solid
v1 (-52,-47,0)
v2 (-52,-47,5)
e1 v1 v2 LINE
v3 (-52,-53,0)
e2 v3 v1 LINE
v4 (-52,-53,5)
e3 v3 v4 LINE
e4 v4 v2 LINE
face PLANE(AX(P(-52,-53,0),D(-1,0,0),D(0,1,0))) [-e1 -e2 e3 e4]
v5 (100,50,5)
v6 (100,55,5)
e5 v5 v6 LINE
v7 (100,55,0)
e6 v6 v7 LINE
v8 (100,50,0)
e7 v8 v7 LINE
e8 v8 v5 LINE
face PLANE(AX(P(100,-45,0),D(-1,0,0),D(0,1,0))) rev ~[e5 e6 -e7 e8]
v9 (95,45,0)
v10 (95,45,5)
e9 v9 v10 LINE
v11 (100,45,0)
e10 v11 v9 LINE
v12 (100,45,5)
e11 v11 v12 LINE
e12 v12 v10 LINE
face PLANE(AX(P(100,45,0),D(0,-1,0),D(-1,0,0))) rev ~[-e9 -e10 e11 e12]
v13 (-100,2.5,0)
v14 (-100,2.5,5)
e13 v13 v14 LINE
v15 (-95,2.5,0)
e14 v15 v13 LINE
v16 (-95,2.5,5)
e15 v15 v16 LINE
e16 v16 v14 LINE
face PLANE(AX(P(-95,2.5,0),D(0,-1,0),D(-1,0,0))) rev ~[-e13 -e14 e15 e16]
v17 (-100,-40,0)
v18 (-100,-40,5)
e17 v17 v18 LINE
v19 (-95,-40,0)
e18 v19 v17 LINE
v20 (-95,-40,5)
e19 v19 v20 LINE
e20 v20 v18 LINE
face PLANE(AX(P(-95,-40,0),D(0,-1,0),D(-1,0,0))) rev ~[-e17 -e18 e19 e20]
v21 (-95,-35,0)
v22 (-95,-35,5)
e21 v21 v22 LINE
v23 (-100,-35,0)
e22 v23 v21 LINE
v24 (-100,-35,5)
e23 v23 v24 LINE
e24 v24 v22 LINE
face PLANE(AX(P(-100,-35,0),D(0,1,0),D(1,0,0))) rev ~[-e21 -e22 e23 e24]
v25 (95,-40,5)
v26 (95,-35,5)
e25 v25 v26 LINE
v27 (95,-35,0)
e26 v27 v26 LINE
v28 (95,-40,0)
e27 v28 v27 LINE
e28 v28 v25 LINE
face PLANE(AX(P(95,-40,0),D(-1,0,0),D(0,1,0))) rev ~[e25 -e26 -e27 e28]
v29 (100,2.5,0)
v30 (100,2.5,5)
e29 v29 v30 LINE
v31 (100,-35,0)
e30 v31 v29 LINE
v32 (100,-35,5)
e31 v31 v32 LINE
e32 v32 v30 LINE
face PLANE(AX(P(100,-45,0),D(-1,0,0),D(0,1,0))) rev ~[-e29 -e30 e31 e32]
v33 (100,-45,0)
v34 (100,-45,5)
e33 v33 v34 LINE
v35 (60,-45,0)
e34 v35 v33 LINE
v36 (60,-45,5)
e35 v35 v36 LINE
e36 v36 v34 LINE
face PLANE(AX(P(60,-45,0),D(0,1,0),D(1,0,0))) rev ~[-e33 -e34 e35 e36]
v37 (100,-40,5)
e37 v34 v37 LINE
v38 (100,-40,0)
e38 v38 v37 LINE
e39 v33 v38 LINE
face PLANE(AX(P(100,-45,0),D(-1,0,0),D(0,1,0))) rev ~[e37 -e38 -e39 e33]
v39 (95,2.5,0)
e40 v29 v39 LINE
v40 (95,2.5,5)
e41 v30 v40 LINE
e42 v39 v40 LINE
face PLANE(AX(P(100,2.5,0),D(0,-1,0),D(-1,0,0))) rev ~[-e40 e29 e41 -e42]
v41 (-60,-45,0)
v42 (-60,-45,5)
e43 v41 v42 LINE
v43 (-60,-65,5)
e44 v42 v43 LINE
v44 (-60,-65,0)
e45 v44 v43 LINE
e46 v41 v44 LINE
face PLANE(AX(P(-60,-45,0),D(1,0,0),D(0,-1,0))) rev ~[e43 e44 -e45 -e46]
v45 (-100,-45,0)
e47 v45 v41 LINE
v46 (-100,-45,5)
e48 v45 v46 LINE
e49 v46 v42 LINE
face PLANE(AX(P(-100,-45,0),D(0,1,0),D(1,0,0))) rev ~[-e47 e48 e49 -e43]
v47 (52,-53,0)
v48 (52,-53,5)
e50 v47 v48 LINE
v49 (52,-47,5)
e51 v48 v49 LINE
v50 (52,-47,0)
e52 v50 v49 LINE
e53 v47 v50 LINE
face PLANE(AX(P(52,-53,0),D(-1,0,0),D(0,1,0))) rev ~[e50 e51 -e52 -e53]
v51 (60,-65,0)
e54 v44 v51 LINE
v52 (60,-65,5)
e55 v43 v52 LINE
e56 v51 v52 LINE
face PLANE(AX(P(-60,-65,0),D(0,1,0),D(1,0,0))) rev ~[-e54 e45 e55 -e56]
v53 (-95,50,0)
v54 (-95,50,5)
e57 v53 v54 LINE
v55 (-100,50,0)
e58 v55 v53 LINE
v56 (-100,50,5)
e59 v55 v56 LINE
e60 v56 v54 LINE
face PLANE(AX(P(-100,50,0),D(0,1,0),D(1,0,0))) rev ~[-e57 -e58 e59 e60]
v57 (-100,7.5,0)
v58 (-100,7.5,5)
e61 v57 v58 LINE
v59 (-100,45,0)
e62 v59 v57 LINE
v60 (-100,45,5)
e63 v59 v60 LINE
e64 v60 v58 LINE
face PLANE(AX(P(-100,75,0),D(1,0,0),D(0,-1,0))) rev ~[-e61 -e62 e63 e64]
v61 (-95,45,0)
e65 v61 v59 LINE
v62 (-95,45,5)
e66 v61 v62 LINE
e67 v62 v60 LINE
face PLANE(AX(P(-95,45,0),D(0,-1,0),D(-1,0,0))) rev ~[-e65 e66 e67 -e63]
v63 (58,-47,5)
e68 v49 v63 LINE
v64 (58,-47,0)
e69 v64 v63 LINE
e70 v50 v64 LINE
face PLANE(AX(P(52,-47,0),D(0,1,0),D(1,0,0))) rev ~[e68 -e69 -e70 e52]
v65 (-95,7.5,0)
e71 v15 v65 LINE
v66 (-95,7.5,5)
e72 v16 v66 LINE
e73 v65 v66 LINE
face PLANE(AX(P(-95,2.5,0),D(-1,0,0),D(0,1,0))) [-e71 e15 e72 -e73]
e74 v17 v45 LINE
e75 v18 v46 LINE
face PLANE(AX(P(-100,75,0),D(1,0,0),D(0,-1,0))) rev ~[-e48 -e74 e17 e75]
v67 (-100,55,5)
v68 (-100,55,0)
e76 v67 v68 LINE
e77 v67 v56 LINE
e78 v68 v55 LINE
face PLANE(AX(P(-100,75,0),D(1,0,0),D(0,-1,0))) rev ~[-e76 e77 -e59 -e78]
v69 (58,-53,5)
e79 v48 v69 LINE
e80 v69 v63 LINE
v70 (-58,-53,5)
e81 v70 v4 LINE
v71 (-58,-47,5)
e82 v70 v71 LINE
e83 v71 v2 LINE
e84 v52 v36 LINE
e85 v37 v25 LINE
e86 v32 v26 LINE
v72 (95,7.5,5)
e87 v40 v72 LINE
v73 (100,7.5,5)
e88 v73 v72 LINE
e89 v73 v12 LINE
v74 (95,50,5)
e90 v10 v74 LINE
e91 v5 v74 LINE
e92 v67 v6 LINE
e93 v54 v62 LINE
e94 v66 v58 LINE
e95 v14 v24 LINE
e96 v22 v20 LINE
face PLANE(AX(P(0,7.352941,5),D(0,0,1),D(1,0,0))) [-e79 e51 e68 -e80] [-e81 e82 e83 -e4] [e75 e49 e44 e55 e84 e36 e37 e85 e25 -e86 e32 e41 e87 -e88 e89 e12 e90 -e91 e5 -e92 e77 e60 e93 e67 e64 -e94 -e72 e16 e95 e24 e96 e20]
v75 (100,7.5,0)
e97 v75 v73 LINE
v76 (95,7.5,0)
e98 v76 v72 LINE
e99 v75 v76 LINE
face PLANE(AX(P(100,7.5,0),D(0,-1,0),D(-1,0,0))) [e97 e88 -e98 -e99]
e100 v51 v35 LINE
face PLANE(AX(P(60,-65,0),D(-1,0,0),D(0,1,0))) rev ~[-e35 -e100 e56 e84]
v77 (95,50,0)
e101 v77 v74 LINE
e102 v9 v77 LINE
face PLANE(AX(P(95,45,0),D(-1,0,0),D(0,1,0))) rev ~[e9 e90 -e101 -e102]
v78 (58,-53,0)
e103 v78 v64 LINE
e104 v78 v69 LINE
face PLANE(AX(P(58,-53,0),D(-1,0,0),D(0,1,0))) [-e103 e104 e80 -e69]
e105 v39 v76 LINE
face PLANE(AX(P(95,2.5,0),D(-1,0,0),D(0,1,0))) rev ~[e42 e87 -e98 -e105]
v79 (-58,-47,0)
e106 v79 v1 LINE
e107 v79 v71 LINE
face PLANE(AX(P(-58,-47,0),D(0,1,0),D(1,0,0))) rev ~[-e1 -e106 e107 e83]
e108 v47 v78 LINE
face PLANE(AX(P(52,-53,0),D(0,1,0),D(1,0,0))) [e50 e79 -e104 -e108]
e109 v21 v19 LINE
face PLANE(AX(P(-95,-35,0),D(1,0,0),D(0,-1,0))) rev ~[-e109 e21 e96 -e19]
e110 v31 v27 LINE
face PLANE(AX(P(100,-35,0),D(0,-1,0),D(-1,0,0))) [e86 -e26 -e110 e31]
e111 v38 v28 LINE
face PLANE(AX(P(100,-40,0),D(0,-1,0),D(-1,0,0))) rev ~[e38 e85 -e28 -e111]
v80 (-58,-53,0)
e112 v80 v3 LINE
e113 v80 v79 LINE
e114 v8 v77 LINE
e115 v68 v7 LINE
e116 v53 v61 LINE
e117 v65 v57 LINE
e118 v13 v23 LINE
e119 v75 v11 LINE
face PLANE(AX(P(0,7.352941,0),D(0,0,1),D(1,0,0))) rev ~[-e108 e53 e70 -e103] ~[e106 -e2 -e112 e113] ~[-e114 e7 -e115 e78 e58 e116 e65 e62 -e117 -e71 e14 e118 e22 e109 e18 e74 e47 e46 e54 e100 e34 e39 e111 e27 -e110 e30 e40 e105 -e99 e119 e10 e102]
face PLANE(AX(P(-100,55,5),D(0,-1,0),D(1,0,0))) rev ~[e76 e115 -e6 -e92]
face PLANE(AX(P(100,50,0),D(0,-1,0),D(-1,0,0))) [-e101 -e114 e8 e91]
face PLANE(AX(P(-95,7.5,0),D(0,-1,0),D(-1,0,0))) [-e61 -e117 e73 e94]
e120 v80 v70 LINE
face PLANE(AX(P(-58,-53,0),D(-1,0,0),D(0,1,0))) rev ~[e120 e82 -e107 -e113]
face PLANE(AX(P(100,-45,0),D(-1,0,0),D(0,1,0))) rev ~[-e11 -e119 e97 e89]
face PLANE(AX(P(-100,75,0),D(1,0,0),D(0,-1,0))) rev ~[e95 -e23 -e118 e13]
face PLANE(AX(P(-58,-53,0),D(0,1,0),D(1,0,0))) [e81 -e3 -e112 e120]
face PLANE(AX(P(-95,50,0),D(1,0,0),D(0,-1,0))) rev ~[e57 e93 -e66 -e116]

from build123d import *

# Parameters (mm, degrees)
SKETCH2_W           = 6
SKETCH2_H           = 6
BOSS_EXTRUDE1_DEPTH = 5
SKETCH3_W           = 200
SKETCH3_H           = 20
CUT_EXTRUDE1_DEPTH  = 5
SKETCH4_W           = 5
SKETCH4_H           = 5
CUT_EXTRUDE2_DEPTH  = 5


with BuildPart() as part:
    # Sketch2 → Boss-Extrude1 (new body)
    with BuildSketch(Plane.XY):
        Polygon((-100, 75), (-100, -45), (-60, -45), (-60, -65), (0, -65), (60, -65), (60, -45), (100, -45), (100, 75), align=None)
        with Locations((-55, -50)):
            Rectangle(SKETCH2_W, SKETCH2_H, mode=Mode.SUBTRACT)
        with Locations((55, -50)):
            Rectangle(SKETCH2_W, SKETCH2_H, mode=Mode.SUBTRACT)
    extrude(amount=BOSS_EXTRUDE1_DEPTH)

    # Sketch3 → Cut-Extrude1 (cut)
    with BuildSketch(Plane.XY.offset(5)):
        with Locations((0, 65)):
            Rectangle(SKETCH3_W, SKETCH3_H)
    extrude(amount=-CUT_EXTRUDE1_DEPTH, mode=Mode.SUBTRACT)

    # Sketch4 → Cut-Extrude2 (cut)
    with BuildSketch(Plane(origin=(0, 0, 0), x_dir=(-1, 0, 0), z_dir=(0, 0, -1))):
        with Locations((-97.5, 47.5)):
            Rectangle(SKETCH4_W, SKETCH4_H)
        Polygon((95, 50), (95, 45), (97.5, 45), (100, 45), (100, 50), align=None)
        with Locations((-97.5, 5)):
            Rectangle(SKETCH4_W, SKETCH4_H)
        with Locations((97.5, 5)):
            Rectangle(SKETCH4_W, SKETCH4_H)
        with Locations((-97.5, -37.5)):
            Rectangle(SKETCH4_W, SKETCH4_H)
        Polygon((100, -40), (100, -35), (95, -35), (95, -40), (97.5, -40), align=None)
    extrude(amount=-CUT_EXTRUDE2_DEPTH, mode=Mode.SUBTRACT)


solid = part.part
